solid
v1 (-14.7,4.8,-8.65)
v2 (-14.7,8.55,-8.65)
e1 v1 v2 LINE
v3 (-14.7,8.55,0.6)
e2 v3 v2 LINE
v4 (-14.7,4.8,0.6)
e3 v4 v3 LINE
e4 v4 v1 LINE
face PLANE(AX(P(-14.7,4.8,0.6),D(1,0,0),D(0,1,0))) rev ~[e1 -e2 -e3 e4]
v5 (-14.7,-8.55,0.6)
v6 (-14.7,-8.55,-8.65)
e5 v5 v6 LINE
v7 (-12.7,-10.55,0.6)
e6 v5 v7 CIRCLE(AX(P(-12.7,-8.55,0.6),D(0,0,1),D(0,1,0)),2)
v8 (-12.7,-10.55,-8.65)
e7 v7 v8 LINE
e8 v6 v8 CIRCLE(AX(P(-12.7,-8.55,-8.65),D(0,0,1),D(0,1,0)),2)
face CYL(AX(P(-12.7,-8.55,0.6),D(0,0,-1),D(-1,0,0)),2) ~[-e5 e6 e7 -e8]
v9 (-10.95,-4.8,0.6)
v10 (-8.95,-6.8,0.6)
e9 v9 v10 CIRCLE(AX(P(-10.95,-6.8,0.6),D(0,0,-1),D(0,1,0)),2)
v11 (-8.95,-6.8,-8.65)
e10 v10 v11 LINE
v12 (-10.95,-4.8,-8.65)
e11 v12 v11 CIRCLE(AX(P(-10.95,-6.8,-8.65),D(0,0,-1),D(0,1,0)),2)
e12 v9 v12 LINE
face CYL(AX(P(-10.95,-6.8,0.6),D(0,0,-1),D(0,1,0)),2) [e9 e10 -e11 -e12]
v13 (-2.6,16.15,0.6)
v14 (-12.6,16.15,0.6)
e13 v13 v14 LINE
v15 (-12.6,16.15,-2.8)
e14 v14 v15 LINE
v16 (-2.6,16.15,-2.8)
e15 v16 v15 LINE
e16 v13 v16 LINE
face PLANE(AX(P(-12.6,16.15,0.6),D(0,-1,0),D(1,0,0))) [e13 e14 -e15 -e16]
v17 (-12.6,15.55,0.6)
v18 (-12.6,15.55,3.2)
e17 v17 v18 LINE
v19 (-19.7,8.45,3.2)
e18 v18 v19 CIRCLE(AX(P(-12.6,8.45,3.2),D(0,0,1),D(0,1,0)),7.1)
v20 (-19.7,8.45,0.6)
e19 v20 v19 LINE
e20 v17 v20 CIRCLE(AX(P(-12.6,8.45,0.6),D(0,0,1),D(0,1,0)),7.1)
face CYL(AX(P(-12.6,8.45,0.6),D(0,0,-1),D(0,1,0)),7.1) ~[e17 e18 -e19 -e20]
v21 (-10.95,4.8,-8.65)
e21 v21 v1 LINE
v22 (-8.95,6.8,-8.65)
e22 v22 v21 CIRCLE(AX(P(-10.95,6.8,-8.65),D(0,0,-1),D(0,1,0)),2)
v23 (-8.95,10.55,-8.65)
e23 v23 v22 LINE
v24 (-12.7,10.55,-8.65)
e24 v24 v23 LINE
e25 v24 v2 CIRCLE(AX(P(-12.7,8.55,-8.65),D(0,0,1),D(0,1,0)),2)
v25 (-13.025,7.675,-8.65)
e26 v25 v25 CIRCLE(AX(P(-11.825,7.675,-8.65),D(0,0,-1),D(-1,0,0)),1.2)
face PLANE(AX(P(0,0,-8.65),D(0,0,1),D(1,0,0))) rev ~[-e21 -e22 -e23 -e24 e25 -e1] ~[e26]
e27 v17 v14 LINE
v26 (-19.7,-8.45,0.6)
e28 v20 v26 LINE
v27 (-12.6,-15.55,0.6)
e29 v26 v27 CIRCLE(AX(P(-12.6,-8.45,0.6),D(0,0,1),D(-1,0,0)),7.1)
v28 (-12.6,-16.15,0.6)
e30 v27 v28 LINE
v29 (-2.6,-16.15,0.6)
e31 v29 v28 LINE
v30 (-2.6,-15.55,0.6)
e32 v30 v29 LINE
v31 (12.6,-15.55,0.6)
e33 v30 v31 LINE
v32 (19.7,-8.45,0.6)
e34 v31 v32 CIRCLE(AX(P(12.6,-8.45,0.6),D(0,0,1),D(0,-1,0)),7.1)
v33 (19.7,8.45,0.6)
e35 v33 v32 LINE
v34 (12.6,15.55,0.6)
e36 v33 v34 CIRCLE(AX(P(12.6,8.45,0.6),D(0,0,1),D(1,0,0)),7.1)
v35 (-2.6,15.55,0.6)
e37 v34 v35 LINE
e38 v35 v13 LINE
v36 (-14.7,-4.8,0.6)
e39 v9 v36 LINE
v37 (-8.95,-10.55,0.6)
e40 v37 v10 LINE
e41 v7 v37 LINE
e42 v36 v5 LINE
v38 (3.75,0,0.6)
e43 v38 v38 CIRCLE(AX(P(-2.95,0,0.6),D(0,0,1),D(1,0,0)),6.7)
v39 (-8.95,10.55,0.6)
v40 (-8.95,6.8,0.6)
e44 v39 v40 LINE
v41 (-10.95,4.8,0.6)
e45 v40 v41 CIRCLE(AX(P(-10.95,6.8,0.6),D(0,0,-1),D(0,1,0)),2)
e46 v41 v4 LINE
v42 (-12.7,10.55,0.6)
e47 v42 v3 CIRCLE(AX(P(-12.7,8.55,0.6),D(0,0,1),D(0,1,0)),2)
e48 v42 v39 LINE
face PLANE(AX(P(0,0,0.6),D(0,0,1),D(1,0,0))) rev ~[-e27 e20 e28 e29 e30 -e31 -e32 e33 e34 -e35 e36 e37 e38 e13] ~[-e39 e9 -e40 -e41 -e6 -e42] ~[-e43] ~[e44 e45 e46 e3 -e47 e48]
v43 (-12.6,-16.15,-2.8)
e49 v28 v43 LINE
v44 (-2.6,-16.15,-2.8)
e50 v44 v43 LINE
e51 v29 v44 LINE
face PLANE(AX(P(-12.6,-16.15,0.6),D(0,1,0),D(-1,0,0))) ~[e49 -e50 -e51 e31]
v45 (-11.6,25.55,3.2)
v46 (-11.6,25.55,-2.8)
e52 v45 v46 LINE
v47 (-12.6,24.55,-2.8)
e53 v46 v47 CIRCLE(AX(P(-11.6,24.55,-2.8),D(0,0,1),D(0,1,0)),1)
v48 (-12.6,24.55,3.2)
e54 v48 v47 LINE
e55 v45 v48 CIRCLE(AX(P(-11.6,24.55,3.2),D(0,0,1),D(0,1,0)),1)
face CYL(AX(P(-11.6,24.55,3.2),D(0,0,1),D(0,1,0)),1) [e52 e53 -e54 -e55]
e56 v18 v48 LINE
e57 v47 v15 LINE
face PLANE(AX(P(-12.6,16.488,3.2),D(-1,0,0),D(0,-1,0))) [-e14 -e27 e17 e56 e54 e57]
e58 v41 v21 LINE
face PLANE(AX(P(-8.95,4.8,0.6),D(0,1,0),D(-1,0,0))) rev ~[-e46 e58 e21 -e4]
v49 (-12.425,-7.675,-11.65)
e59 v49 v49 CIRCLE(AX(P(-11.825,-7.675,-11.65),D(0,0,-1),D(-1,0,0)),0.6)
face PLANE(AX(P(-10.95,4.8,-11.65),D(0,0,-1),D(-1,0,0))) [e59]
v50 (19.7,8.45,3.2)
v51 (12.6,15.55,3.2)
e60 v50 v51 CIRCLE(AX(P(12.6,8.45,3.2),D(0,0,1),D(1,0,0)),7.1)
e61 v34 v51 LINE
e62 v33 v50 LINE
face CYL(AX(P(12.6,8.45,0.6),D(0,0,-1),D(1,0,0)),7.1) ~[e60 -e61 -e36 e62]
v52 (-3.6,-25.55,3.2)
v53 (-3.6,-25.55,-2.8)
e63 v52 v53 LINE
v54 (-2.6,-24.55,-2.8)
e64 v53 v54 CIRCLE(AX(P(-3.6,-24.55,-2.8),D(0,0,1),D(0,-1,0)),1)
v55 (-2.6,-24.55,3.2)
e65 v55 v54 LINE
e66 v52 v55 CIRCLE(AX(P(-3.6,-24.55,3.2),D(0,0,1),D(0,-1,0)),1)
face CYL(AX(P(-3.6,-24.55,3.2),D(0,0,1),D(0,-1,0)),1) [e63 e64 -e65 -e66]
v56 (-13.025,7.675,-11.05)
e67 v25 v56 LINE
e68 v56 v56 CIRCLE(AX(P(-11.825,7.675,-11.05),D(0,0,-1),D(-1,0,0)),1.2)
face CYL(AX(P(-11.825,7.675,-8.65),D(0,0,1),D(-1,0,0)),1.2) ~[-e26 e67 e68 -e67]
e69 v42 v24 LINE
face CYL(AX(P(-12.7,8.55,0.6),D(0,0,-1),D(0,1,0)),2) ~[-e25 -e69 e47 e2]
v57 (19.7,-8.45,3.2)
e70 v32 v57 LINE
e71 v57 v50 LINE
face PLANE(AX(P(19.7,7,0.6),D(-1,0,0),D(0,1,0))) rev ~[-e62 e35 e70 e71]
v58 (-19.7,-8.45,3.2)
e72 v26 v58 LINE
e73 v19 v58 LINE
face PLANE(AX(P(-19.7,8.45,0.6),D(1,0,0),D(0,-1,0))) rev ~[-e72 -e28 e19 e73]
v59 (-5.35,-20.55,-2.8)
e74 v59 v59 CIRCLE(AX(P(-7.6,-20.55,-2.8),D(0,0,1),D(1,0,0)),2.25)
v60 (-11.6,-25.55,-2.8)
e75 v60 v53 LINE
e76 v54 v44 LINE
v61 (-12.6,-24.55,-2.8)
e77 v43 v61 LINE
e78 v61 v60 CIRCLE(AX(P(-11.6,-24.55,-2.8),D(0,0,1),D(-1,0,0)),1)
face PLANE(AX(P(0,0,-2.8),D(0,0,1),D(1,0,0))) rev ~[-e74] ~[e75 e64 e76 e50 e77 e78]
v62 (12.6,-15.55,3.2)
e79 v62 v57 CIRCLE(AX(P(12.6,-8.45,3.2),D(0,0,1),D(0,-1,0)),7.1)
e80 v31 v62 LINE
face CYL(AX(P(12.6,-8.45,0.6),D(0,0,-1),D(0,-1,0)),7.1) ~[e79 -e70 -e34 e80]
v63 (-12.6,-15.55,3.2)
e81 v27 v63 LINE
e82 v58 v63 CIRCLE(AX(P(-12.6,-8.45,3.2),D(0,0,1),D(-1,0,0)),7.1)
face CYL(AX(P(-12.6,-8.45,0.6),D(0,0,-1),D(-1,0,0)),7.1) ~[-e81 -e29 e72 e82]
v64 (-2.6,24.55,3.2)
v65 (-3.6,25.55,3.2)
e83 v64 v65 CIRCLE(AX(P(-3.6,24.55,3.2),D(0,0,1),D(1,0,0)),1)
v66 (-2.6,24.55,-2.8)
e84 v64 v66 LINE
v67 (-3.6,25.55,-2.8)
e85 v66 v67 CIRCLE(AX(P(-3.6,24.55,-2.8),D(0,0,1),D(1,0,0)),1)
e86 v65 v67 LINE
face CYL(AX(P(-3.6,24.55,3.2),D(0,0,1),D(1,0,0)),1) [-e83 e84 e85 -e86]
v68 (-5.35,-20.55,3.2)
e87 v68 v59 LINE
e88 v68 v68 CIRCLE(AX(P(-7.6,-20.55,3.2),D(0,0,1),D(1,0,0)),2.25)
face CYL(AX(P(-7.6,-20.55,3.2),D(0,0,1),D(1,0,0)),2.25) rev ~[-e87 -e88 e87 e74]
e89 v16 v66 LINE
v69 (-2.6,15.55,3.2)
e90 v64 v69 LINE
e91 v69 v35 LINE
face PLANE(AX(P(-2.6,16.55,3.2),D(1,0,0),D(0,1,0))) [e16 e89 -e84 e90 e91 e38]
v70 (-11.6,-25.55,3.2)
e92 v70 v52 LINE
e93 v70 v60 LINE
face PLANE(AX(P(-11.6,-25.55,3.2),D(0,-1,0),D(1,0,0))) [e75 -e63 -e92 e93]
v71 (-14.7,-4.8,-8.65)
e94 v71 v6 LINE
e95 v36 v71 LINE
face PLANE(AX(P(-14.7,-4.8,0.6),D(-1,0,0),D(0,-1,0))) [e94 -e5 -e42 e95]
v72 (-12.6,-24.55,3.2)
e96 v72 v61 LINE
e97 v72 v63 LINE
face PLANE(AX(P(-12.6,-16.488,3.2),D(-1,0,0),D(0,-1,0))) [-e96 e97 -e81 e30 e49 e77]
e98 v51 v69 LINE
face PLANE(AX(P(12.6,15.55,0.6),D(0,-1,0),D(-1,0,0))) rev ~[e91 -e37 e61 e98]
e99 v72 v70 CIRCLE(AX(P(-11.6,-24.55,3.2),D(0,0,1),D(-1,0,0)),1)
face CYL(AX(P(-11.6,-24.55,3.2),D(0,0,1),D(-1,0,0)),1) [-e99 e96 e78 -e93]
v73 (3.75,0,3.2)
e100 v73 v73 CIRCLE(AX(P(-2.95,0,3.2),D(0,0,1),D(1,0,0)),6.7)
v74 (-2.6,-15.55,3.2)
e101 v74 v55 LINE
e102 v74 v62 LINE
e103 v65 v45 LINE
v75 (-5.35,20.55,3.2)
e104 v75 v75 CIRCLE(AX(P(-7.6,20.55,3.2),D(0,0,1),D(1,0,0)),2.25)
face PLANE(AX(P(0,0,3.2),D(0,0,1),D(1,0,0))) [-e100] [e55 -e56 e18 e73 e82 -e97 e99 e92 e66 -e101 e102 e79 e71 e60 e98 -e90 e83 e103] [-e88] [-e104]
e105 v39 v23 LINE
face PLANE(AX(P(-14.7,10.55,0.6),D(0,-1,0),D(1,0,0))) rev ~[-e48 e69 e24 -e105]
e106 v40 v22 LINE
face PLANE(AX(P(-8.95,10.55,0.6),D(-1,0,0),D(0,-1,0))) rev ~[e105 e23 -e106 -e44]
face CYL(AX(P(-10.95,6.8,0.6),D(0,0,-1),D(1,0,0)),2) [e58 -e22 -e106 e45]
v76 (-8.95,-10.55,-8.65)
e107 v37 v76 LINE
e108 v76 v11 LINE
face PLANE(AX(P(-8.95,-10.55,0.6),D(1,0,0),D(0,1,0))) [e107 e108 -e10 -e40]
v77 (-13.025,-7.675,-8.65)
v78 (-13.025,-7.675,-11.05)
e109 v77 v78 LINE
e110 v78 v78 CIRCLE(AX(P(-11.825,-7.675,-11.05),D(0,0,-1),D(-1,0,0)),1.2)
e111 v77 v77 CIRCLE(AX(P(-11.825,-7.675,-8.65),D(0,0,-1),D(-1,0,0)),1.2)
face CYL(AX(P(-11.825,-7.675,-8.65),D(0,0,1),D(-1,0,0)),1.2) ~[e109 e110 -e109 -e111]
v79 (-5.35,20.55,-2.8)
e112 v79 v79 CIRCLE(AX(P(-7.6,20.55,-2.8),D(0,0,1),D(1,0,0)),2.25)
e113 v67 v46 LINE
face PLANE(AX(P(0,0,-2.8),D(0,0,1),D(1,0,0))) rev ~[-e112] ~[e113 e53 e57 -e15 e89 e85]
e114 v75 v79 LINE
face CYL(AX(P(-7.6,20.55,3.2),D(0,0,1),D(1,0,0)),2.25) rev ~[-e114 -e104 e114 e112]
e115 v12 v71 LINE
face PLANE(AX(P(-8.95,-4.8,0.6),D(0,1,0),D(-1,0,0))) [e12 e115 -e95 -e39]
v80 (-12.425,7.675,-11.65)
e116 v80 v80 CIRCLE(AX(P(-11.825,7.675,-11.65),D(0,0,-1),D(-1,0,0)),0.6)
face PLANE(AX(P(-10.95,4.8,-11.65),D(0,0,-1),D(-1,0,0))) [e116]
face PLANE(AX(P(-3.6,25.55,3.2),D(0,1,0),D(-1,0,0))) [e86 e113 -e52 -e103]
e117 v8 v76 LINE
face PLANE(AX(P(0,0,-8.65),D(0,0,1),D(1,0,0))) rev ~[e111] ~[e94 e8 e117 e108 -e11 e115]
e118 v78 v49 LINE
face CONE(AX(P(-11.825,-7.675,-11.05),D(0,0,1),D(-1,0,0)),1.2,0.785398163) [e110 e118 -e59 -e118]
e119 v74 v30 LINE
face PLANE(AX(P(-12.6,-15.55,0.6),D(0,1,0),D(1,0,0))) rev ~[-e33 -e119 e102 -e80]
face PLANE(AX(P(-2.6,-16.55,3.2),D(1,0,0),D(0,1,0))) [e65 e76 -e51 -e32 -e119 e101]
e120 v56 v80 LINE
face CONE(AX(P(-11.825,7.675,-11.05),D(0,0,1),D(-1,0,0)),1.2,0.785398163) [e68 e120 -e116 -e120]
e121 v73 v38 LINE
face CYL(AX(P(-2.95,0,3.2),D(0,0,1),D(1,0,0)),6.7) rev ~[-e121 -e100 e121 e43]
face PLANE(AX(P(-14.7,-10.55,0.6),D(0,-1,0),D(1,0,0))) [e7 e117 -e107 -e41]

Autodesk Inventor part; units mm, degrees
ref_plane "YZ Plane" through (0, 0, 0) normal (1, 0, 0) x (0, 1, 0)
ref_plane "Work Plane1" through (0, 0, 0.6) normal (0, 0, 1) x (1, 0, 0)
sketch "Sketch1" plane through (0, 0, 0.6) normal (0, 0, 1) x (1, 0, 0)
  circle A0 centre (-11.825, -7.675) radius 1.2 projected
  circle A1 centre (-11.825, 7.675) radius 1.2 projected
  line L0 (-14.7, 10.55) -> (-8.95, 10.55)
  line L1 (-8.95, 10.55) -> (-8.95, 4.8)
  line L2 (-8.95, 4.8) -> (-14.7, 4.8)
  line L3 (-14.7, 4.8) -> (-14.7, 10.55)
  line L4 (-14.7, 10.55) -> (-8.95, 4.8) construction
  line L5 (-8.95, 10.55) -> (-14.7, 4.8) construction
  line L6 (-14.7, -10.55) -> (-8.95, -10.55)
  line L7 (-8.95, -10.55) -> (-8.95, -4.8)
  line L8 (-8.95, -4.8) -> (-14.7, -4.8)
  line L9 (-14.7, -4.8) -> (-14.7, -10.55)
  line L10 (-14.7, -10.55) -> (-8.95, -4.8) construction
  line L11 (-8.95, -10.55) -> (-14.7, -4.8) construction
  arc A2 (-19.7, -8.45) -> (-12.6, -15.55) centre (-12.6, -8.45) ccw projected
  line L12 (-12.6, -15.55) -> (12.6, -15.55) projected
  arc A3 (12.6, -15.55) -> (19.7, -8.45) centre (12.6, -8.45) ccw projected
  line L13 (19.7, -8.45) -> (19.7, -7) projected
  line L14 (19.7, -7) -> (15.7, -7) projected
  line L15 (15.7, -7) -> (15.7, -8.45) projected
  arc A4 (12.6, -11.55) -> (15.7, -8.45) centre (12.6, -8.45) ccw projected
  line L16 (12.6, -11.55) -> (-12.6, -11.55) projected
  arc A5 (-15.7, -8.45) -> (-12.6, -11.55) centre (-12.6, -8.45) ccw projected
  line L17 (-15.7, -8.45) -> (-15.7, 8.45) projected
  arc A6 (-12.6, 11.55) -> (-15.7, 8.45) centre (-12.6, 8.45) ccw projected
  line L18 (-12.6, 11.55) -> (12.6, 11.55) projected
  arc A7 (15.7, 8.45) -> (12.6, 11.55) centre (12.6, 8.45) ccw projected
  line L19 (15.7, 8.45) -> (15.7, 7) projected
  line L20 (15.7, 7) -> (19.7, 7) projected
  line L21 (19.7, 7) -> (19.7, 8.45) projected
  arc A8 (19.7, 8.45) -> (12.6, 15.55) centre (12.6, 8.45) ccw projected
  line L22 (12.6, 15.55) -> (-12.6, 15.55) projected
  arc A9 (-12.6, 15.55) -> (-19.7, 8.45) centre (-12.6, 8.45) ccw projected
  line L23 (-19.7, 8.45) -> (-19.7, -8.45) projected
  point P0 (0, 0)
  dimension "d1" = 1
  dimension "d2" = 1
ref_plane "Work Plane2" through (-15.1, -10.95, -8.65) normal (0, 0, 1) x (1, 0, 0)
extrude "Extrusion1" add sketch "Sketch1" against normal up to surface (9.25 mm away) contours A0 | A1 | L0 L1 L2 L3 | L9 L8 L7 L6
fillet "Fillet1" radius 2 4 edges at (-14.7, 10.55, -4.025) (-14.7, -10.55, -4.025) (-8.95, 4.8, -4.025) (-8.95, -4.8, -4.025)
sketch "Sketch2" plane through (-10.95, 4.8, -8.65) normal (0, 0, -1) x (-1, 0, 0)
  circle A0 centre (0.875, 2.875) radius 1.2 projected
  circle A1 centre (0.875, -12.475) radius 1.2 projected
  point P0 (-10.95, -4.8)
extrude "Extrusion2" add sketch "Sketch2" along normal blind 3
chamfer "Chamfer1" distance 0.6 angle 45 2 edges at (-10.625, 7.675, -11.65) (-10.625, -7.675, -11.65)
sketch "Sketch3" plane through (0, 0, 0.6) normal (0, 0, 1) x (1, 0, 0)
  arc A0 (-19.7, -8.45) -> (-12.6, -15.55) centre (-12.6, -8.45) ccw projected
  line L0 (-12.6, -15.55) -> (12.6, -15.55) projected
  arc A1 (12.6, -15.55) -> (19.7, -8.45) centre (12.6, -8.45) ccw projected
  line L1 (19.7, -8.45) -> (19.7, -7) projected
  line L2 (19.7, -7) -> (15.7, -7) projected
  line L3 (15.7, -7) -> (15.7, -8.45) projected
  arc A2 (12.6, -11.55) -> (15.7, -8.45) centre (12.6, -8.45) ccw projected
  line L4 (12.6, -11.55) -> (-12.6, -11.55) projected
  arc A3 (-15.7, -8.45) -> (-12.6, -11.55) centre (-12.6, -8.45) ccw projected
  line L5 (-15.7, -8.45) -> (-15.7, 8.45) projected
  arc A4 (-12.6, 11.55) -> (-15.7, 8.45) centre (-12.6, 8.45) ccw projected
  line L6 (-12.6, 11.55) -> (12.6, 11.55) projected
  arc A5 (15.7, 8.45) -> (12.6, 11.55) centre (12.6, 8.45) ccw projected
  line L7 (15.7, 8.45) -> (15.7, 7) projected
  line L8 (15.7, 7) -> (19.7, 7) projected
  line L9 (19.7, 7) -> (19.7, 8.45) projected
  arc A6 (19.7, 8.45) -> (12.6, 15.55) centre (12.6, 8.45) ccw projected
  line L10 (12.6, 15.55) -> (-12.6, 15.55) projected
  arc A7 (-12.6, 15.55) -> (-19.7, 8.45) centre (-12.6, 8.45) ccw projected
  line L11 (-19.7, 8.45) -> (-19.7, -8.45) projected
  circle A8 centre (-11.825, 7.675) radius 1.2 projected
  circle A9 centre (-11.825, -7.675) radius 1.2 projected
  line L12 (19.7, 7) -> (15.7, 7) projected
  line L13 (15.7, 7) -> (15.7, 8.45) projected
  arc A10 (15.7, 8.45) -> (12.6, 11.55) centre (12.6, 8.45) ccw projected
  line L14 (12.6, 11.55) -> (-12.6, 11.55) projected
  arc A11 (-12.6, 11.55) -> (-15.7, 8.45) centre (-12.6, 8.45) ccw projected
  line L15 (-15.7, 8.45) -> (-15.7, -8.45) projected
  arc A12 (-15.7, -8.45) -> (-12.6, -11.55) centre (-12.6, -8.45) ccw projected
  line L16 (-12.6, -11.55) -> (12.6, -11.55) projected
  arc A13 (12.6, -11.55) -> (15.7, -8.45) centre (12.6, -8.45) ccw projected
  line L17 (15.7, -8.45) -> (15.7, -7) projected
  line L18 (15.7, -7) -> (19.7, -7) projected
  line L19 (19.7, 7) -> (19.7, -7) projected
  line L20 (15.7, -7) -> (15.7, 7)
  point P0 (0, 0)
extrude "Extrusion3" add sketch "Sketch3" along normal blind 2.6 contours L11 A7 L10 A6 L9 L8 L7 A5 L6 A4 L5 A3 L4 A2 L3 L2 L1 A1 L0 A0 | L2 L20 L8 L19 | L3 A2 L4 A3 L5 A4 L6 A5 L7 L20 | A8 | A9
sketch "Sketch4" plane through (0, 0, 3.2) normal (0, 0, 1) x (1, 0, 0)
  circle A0 centre (-2.95, 0) radius 5.7 projected
  circle A1 centre (-2.95, 0) radius 6.7
  point P0 (0, 0)
  dimension "d13" = 1
extrude "Extrusion4" cut sketch "Sketch4" against normal through all contours A0 | A1
sketch "Sketch5" plane through (0, 0, 3.2) normal (0, 0, 1) x (1, 0, 0)
  circle A0 centre (-2.95, 0) radius 6.7 projected
  line L0 (19.7, -8.45) -> (19.7, 8.45) projected
  arc A1 (19.7, 8.45) -> (12.6, 15.55) centre (12.6, 8.45) ccw projected
  line L1 (12.6, 15.55) -> (-12.6, 15.55) projected
  arc A2 (-12.6, 15.55) -> (-19.7, 8.45) centre (-12.6, 8.45) ccw projected
  line L2 (-19.7, 8.45) -> (-19.7, -8.45) projected
  arc A3 (-19.7, -8.45) -> (-12.6, -15.55) centre (-12.6, -8.45) ccw projected
  line L3 (-12.6, -15.55) -> (12.6, -15.55) projected
  arc A4 (12.6, -15.55) -> (19.7, -8.45) centre (12.6, -8.45) ccw projected
  arc A5 (-12.6, -24.55) -> (-11.6, -25.55) centre (-11.6, -24.55) ccw projected
  line L4 (-11.6, -25.55) -> (-3.6, -25.55) projected
  arc A6 (-3.6, -25.55) -> (-2.6, -24.55) centre (-3.6, -24.55) ccw projected
  line L5 (-2.6, -24.55) -> (-2.6, -16.55) projected
  arc A7 (-1.6, -15.55) -> (-2.6, -16.55) centre (-1.6, -16.55) ccw projected
  line L6 (-1.6, -15.55) -> (-12.6, -15.55) projected
  arc A8 (-13.4765, -15.4957) -> (-12.6, -15.55) centre (-12.6, -8.45) ccw projected
  arc A9 (-12.6, -16.488) -> (-13.4765, -15.4957) centre (-13.6, -16.488) ccw projected
  line L7 (-12.6, -16.488) -> (-12.6, -24.55) projected
  circle A10 centre (-7.6, -20.55) radius 2.25 projected
  arc A11 (-2.6, 24.55) -> (-3.6, 25.55) centre (-3.6, 24.55) ccw projected
  line L8 (-3.6, 25.55) -> (-11.6, 25.55) projected
  arc A12 (-11.6, 25.55) -> (-12.6, 24.55) centre (-11.6, 24.55) ccw projected
  line L9 (-12.6, 24.55) -> (-12.6, 16.488) projected
  arc A13 (-13.4765, 15.4957) -> (-12.6, 16.488) centre (-13.6, 16.488) ccw projected
  arc A14 (-12.6, 15.55) -> (-13.4765, 15.4957) centre (-12.6, 8.45) ccw projected
  line L10 (-1.6, 15.55) -> (-12.6, 15.55) projected
  arc A15 (-2.6, 16.55) -> (-1.6, 15.55) centre (-1.6, 16.55) ccw projected
  line L11 (-2.6, 16.55) -> (-2.6, 24.55) projected
  circle A16 centre (-7.6, 20.55) radius 2.25 projected
  line L12 (-12.6, -16.488) -> (-12.6, -15.55)
  line L13 (-2.6, -16.55) -> (-2.6, -15.55)
  line L14 (-12.6, 16.488) -> (-12.6, 15.55)
  line L15 (-2.6, 16.55) -> (-2.6, 15.55)
  point P0 (0, 0)
extrude "Extrusion5" add sketch "Sketch5" against normal blind 6 contours L13 L5 A6 L4 A5 L7 L12 L3 | L1 L14 L9 A12 L8 A11 L11 L15
sketch "Sketch6" plane through (-12.6, 15.55, 0.6) normal (0, -1, 0) x (1, 0, 0)
  line L0 (10, 0) -> (0, 0) projected
  line L1 (0, 0) -> (0, -3.4) projected
  line L2 (10, -3.4) -> (0, -3.4) projected
  line L3 (10, 0) -> (10, -3.4) projected
  point P0 (12.6, -0.6)
extrude "Extrusion6" cut sketch "Sketch6" against normal blind 0.6
mirror "Mirror1" about plane through (0, 0, 0) normal (0, 1, 0) of "Extrusion6"
equation "\"d2\" = d1"
properties part number "PrzyciskSTOP_2_3DPrint"
